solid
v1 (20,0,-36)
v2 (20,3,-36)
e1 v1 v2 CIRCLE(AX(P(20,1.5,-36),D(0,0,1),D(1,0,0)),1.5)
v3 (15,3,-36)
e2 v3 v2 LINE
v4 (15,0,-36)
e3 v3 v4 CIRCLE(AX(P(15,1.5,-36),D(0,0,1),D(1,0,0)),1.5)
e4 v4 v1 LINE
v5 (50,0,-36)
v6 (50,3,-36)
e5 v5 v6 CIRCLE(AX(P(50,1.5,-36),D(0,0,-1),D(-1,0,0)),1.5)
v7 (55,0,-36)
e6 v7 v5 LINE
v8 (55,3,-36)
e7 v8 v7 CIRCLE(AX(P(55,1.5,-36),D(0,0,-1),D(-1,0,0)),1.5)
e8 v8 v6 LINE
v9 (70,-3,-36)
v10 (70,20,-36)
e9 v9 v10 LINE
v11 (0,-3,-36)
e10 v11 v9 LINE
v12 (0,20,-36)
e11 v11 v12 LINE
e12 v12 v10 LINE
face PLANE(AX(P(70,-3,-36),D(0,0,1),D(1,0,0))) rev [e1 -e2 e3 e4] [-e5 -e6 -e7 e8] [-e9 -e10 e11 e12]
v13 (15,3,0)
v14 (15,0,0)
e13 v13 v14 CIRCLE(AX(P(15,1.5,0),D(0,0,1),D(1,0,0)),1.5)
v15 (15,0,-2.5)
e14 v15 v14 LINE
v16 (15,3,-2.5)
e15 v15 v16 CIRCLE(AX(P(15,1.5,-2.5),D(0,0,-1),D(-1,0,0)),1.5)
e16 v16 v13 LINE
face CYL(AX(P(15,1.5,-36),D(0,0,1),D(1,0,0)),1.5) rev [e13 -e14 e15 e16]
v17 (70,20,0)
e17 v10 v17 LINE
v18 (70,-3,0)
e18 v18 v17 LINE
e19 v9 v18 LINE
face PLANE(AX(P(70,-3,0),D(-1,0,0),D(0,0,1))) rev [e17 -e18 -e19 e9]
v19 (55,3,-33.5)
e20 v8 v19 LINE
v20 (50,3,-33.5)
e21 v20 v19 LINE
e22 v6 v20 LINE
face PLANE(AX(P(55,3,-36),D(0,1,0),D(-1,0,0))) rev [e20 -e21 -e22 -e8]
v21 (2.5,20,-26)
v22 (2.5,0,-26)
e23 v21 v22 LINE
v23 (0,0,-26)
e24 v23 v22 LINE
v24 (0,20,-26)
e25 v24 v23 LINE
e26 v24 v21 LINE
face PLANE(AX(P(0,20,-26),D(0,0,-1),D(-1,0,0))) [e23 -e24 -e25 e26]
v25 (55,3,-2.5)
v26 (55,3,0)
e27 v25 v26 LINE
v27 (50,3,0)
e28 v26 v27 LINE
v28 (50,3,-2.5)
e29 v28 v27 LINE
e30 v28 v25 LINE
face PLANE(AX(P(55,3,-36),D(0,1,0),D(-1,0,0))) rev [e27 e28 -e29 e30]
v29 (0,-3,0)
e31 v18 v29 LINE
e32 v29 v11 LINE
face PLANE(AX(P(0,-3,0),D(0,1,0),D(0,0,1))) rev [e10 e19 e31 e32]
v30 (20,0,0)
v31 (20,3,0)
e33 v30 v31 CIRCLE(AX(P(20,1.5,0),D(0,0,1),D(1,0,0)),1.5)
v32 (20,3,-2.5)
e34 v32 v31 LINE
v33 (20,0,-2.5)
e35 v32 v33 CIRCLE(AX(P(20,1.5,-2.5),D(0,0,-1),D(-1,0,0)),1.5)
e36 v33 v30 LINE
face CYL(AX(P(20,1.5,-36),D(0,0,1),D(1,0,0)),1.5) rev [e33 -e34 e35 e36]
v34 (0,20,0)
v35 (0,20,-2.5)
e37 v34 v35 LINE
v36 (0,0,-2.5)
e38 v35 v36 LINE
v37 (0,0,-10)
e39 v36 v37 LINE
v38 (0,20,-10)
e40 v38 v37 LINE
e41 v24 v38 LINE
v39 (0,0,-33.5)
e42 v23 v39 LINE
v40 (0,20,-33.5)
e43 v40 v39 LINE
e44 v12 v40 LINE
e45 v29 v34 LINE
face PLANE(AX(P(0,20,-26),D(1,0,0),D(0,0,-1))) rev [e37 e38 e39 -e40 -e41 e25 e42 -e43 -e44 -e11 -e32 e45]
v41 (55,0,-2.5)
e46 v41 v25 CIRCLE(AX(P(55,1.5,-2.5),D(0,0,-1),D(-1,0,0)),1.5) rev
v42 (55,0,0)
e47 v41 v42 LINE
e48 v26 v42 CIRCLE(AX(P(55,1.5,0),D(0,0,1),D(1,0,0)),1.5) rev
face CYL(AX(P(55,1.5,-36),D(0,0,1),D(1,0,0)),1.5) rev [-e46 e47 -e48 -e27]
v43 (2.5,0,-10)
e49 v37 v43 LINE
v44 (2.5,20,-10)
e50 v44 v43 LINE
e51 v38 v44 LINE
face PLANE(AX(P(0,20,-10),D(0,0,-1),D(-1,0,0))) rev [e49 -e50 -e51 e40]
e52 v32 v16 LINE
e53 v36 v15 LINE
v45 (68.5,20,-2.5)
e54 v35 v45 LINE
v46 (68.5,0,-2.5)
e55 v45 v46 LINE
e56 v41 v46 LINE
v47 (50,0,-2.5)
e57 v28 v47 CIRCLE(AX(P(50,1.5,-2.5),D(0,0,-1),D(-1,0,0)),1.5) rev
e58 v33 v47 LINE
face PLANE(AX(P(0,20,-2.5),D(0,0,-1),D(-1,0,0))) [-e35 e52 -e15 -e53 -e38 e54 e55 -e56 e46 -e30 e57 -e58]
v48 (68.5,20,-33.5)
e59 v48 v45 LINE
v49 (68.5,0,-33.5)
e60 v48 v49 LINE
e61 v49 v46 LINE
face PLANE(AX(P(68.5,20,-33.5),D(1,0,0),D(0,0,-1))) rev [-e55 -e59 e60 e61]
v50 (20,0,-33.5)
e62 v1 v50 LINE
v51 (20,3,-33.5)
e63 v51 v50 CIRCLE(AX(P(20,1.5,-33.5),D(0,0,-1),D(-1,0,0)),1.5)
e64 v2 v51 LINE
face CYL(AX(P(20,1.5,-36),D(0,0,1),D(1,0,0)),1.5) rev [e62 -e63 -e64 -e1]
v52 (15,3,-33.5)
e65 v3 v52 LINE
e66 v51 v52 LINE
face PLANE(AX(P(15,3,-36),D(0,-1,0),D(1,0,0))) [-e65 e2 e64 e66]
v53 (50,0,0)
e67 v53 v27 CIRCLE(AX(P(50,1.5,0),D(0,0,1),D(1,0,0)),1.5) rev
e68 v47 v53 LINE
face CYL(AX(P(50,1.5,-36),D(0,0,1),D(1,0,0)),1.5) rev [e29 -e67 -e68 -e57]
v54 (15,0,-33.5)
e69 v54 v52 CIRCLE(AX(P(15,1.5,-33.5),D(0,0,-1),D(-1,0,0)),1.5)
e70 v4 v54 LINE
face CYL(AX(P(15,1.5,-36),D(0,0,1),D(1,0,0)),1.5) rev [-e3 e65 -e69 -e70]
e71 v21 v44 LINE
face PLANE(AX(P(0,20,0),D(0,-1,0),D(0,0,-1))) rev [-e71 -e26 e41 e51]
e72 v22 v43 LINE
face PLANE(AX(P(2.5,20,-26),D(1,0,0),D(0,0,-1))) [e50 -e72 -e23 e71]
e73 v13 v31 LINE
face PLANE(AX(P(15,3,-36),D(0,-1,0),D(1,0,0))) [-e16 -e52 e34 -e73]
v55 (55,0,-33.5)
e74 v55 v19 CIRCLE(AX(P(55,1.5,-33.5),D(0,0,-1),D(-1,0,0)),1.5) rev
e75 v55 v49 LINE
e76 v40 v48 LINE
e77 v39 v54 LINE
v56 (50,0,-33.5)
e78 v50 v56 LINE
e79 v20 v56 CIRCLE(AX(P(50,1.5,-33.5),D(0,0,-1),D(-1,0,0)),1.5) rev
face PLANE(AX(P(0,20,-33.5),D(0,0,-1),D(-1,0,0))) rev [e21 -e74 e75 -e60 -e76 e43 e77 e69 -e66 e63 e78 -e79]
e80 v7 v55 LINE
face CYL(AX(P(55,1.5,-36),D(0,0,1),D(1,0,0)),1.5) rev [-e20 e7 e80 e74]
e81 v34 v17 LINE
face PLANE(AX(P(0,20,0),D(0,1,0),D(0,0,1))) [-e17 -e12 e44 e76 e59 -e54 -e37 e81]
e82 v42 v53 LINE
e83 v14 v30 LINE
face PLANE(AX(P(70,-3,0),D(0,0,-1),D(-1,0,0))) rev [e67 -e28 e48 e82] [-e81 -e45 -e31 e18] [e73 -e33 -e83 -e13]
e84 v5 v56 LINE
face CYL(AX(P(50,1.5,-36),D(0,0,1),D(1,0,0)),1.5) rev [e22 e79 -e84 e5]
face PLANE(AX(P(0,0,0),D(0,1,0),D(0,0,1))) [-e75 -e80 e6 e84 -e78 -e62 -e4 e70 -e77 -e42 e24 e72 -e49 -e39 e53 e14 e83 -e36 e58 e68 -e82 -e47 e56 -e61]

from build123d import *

# Parameters (mm, degrees)
SKETCH1_W               = 1.5
SKETCH1_H               = 31
SKETCH1_W_2             = 2.5
SKETCH1_H_2             = 16
BOSS_EXTRUDE1_DEPTH     = 20
SKETCH2_W               = 70
SKETCH2_H               = 36
BOSS_EXTRUDE2_DEPTH     = 3
CUT_EXTRUDE1_DEPTH      = 82.215762017
CUT_EXTRUDE1_DEPTH_BACK = 82.215762017


with BuildPart() as part:
    # Sketch1 → Boss-Extrude1 (new body)
    with BuildSketch(Plane(origin=(0, 0, 0), x_dir=(1, 0, 0), z_dir=(0, 1, 0))):
        Polygon((70, 36), (0, 36), (0, 33.5), (68.5, 33.5), (70, 33.5), align=None)
        with Locations((69.25, 18)):
            Rectangle(SKETCH1_W, SKETCH1_H)
        Polygon((70, 0), (70, 2.5), (68.5, 2.5), (0, 2.5), (0, 0), align=None)
        with Locations((1.25, 18)):
            Rectangle(SKETCH1_W_2, SKETCH1_H_2)
    extrude(amount=BOSS_EXTRUDE1_DEPTH)

    # Sketch2 → Boss-Extrude2 (add)
    with BuildSketch(Plane.XZ):
        with Locations((35, -18)):
            Rectangle(SKETCH2_W, SKETCH2_H)
    extrude(amount=BOSS_EXTRUDE2_DEPTH)

    # Sketch3 → Cut-Extrude1 (cut, two sides: drawn at the far end of the back side and taken through both)
    with BuildSketch(Plane.XY.offset(-CUT_EXTRUDE1_DEPTH_BACK)):
        with BuildLine():
            Line((15, 3), (20, 3))
            ThreePointArc((20, 3), (21.5, 1.5), (20, 0))
            Line((20, 0), (15, 0))
            ThreePointArc((15, 0), (13.5, 1.5), (15, 3))
        make_face()
        with BuildLine():
            Line((55, 3), (50, 3))
            ThreePointArc((50, 3), (48.5, 1.5), (50, 0))
            Line((50, 0), (55, 0))
            ThreePointArc((55, 0), (56.5, 1.5), (55, 3))
        make_face()
    extrude(amount=CUT_EXTRUDE1_DEPTH + CUT_EXTRUDE1_DEPTH_BACK, mode=Mode.SUBTRACT)


solid = part.part
